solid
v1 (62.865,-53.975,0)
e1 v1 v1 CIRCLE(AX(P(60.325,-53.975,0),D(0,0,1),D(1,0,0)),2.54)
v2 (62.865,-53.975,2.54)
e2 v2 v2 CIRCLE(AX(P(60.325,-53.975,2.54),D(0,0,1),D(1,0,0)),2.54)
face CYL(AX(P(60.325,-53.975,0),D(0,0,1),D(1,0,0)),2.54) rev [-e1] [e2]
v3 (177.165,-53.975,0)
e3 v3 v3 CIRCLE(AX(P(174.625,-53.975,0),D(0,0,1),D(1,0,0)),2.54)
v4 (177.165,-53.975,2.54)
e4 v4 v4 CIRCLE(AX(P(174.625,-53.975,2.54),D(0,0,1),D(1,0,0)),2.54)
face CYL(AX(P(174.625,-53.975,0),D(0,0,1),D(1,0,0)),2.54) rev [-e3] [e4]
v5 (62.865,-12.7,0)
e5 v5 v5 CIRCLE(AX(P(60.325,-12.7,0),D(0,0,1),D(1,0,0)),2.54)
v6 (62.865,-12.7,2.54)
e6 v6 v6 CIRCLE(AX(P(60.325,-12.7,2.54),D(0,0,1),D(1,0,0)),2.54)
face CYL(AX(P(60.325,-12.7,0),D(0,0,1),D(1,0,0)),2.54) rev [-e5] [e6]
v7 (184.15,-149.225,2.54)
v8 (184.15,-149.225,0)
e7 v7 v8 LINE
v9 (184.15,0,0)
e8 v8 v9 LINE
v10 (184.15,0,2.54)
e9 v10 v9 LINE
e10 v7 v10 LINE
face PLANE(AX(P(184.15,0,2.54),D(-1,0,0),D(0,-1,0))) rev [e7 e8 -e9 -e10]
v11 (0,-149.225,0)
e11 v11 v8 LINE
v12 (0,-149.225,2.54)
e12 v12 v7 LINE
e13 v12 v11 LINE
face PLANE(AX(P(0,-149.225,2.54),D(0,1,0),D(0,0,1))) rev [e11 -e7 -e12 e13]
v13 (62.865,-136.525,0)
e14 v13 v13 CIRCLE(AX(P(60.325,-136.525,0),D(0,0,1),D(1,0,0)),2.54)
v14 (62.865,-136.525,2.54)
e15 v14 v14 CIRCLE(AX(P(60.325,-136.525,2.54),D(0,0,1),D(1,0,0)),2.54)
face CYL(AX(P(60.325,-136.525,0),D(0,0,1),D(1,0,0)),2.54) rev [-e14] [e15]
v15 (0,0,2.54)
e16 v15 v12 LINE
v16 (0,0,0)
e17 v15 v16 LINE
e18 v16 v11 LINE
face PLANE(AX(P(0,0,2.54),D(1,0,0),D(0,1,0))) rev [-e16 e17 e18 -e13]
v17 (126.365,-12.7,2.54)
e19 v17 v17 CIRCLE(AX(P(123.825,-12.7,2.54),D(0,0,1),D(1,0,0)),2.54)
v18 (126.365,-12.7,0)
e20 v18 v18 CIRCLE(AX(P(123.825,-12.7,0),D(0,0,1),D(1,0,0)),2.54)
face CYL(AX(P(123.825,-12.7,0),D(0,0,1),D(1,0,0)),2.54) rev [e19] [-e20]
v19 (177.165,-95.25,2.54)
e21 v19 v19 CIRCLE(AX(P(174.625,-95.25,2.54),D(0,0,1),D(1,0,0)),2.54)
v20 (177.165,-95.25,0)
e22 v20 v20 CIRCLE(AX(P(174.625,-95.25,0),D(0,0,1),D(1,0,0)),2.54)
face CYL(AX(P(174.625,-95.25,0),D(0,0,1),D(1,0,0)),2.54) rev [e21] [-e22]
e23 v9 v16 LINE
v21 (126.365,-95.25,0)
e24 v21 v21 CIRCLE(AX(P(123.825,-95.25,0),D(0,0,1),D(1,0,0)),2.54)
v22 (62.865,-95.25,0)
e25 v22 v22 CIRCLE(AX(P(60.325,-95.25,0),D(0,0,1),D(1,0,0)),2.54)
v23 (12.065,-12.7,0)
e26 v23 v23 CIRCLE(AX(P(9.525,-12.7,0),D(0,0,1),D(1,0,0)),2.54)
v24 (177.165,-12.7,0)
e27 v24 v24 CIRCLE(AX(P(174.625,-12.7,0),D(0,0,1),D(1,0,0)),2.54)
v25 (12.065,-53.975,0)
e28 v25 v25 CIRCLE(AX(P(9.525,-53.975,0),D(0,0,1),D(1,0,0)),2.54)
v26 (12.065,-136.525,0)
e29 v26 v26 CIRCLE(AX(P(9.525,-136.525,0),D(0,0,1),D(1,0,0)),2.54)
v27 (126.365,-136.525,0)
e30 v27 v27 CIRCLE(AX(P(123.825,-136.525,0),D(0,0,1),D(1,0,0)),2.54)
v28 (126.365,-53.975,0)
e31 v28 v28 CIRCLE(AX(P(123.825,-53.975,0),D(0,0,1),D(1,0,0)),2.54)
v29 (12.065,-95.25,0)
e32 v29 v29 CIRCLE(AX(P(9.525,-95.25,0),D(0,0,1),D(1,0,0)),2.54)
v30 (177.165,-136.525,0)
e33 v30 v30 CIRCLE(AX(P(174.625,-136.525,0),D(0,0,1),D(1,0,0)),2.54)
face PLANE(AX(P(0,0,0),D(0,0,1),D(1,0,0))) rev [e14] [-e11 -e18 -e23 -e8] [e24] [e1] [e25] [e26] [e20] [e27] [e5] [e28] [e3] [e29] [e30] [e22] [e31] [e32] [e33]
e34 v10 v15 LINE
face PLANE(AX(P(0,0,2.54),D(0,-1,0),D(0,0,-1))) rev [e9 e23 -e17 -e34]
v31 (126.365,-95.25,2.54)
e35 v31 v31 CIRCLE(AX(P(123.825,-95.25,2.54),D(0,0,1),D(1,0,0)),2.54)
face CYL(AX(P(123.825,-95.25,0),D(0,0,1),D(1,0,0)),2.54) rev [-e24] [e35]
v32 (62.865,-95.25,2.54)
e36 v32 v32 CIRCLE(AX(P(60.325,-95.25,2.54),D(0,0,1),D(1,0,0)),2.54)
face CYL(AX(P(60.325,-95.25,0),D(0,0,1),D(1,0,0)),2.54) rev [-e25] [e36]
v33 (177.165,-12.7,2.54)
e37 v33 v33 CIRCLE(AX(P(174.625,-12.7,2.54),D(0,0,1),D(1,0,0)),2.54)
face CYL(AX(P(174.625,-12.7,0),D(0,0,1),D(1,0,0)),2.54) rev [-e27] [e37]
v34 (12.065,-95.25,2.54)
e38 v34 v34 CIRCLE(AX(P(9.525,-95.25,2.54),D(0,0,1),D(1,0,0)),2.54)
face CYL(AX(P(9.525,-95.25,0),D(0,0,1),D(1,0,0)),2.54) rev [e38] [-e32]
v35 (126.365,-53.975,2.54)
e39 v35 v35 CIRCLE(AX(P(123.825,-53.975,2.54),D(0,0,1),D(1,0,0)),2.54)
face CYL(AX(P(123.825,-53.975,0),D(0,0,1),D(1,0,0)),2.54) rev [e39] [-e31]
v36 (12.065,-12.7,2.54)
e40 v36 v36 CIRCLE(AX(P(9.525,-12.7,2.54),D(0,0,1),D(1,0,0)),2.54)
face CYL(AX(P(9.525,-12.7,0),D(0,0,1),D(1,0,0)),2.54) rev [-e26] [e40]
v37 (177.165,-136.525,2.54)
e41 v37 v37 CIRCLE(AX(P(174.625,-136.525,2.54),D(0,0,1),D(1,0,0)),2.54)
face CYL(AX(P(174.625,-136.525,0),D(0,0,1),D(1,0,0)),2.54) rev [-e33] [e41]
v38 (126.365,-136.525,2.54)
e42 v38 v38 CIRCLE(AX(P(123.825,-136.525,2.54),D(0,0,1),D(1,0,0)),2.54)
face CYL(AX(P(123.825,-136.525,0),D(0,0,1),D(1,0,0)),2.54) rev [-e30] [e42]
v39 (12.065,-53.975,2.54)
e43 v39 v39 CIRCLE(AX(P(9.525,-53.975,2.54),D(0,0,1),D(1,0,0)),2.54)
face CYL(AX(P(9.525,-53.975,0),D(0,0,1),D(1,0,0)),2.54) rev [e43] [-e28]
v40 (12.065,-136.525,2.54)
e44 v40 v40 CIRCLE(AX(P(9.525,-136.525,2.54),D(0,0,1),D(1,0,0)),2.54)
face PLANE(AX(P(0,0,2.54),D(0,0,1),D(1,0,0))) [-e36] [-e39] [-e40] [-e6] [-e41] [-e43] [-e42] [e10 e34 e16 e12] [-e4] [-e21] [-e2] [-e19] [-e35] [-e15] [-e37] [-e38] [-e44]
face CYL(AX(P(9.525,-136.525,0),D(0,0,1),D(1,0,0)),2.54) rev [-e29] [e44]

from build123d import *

# Parameters (mm, degrees)
SKETCH1_W                 = 184.15
SKETCH1_H                 = 149.225
BOSS_EXTRUDE1_DEPTH       = 2.54
SKETCH2_R                 = 2.54
CUT_EXTRUDE1_DEPTH        = 2.54
LPATTERN1_COUNT           = 2
LPATTERN1_PITCH           = 50.8
LPATTERN2_COUNT           = 2
LPATTERN2_PITCH           = 41.275
LPATTERN2_COPY_1_SKETCH_R = 2.54
LPATTERN2_COPY_1_DEPTH    = 2.54
SKETCH3_R                 = 2.54
CUT_EXTRUDE2_DEPTH        = 2.54
LPATTERN3_COUNT           = 2
LPATTERN3_PITCH           = 50.8
LPATTERN4_COUNT           = 2
LPATTERN4_PITCH           = 41.275
LPATTERN4_COPY_1_SKETCH_R = 2.54
LPATTERN4_COPY_1_DEPTH    = 2.54
SKETCH5_R                 = 2.54
CUT_EXTRUDE4_DEPTH        = 2.54
LPATTERN7_COUNT           = 2
LPATTERN7_PITCH           = 41.275
LPATTERN8_COUNT           = 2
LPATTERN8_PITCH           = 50.8
LPATTERN8_COPY_1_SKETCH_R = 2.54
LPATTERN8_COPY_1_DEPTH    = 2.54
LPATTERN9_COUNT           = 2
LPATTERN9_PITCH           = 82.55
LPATTERN9_COPY_1_SKETCH_R = 2.54
LPATTERN9_COPY_1_DEPTH    = 2.54
LPATTERN9_COPY_2_SKETCH_R = 2.54
LPATTERN9_COPY_2_DEPTH    = 2.54
LPATTERN9_COPY_3_SKETCH_R = 2.54
LPATTERN9_COPY_3_DEPTH    = 2.54


with BuildPart() as part:
    # Sketch1 → Boss-Extrude1 (new body)
    with BuildSketch(Plane.XY):
        with Locations((92.075, -74.6125)):
            Rectangle(SKETCH1_W, SKETCH1_H)
    extrude(amount=BOSS_EXTRUDE1_DEPTH)

    # Sketch2 → Cut-Extrude1 (cut)
    with BuildSketch(Plane.XY.offset(2.54)):
        with Locations((9.525, -12.7)):
            Circle(SKETCH2_R)
    cut_extrude1 = extrude(amount=-CUT_EXTRUDE1_DEPTH, mode=Mode.SUBTRACT)

    # LPattern1: Cut-Extrude1 ×2
    with Locations(*[(i * LPATTERN1_PITCH, 0, 0) for i in range(1, LPATTERN1_COUNT)]):
        add(cut_extrude1, mode=Mode.SUBTRACT)

    # LPattern2: Cut-Extrude1 ×2
    with Locations(*[(0, -i * LPATTERN2_PITCH, 0) for i in range(1, LPATTERN2_COUNT)]):
        add(cut_extrude1, mode=Mode.SUBTRACT)

    # LPattern2 copy 1 sketch → LPattern2 copy 1 (cut)
    with BuildSketch(Plane(origin=(50.8, -41.275, 2.54), x_dir=(1, 0, 0), z_dir=(0, 0, 1))):
        with Locations((9.525, -12.7)):
            Circle(LPATTERN2_COPY_1_SKETCH_R)
    extrude(amount=-LPATTERN2_COPY_1_DEPTH, mode=Mode.SUBTRACT)

    # Sketch3 → Cut-Extrude2 (cut)
    with BuildSketch(Plane.XY.offset(2.54)):
        with Locations((123.825, -12.7)):
            Circle(SKETCH3_R)
    cut_extrude2 = extrude(amount=-CUT_EXTRUDE2_DEPTH, mode=Mode.SUBTRACT)

    # LPattern3: Cut-Extrude2 ×2
    with Locations(*[(i * LPATTERN3_PITCH, 0, 0) for i in range(1, LPATTERN3_COUNT)]):
        add(cut_extrude2, mode=Mode.SUBTRACT)

    # LPattern4: Cut-Extrude2 ×2
    with Locations(*[(0, -i * LPATTERN4_PITCH, 0) for i in range(1, LPATTERN4_COUNT)]):
        add(cut_extrude2, mode=Mode.SUBTRACT)

    # LPattern4 copy 1 sketch → LPattern4 copy 1 (cut)
    with BuildSketch(Plane(origin=(50.8, -41.275, 2.54), x_dir=(1, 0, 0), z_dir=(0, 0, 1))):
        with Locations((123.825, -12.7)):
            Circle(LPATTERN4_COPY_1_SKETCH_R)
    extrude(amount=-LPATTERN4_COPY_1_DEPTH, mode=Mode.SUBTRACT)

    # Sketch5 → Cut-Extrude4 (cut)
    with BuildSketch(Plane.XY.offset(2.54)):
        with Locations((9.525, -136.525)):
            Circle(SKETCH5_R)
    cut_extrude4 = extrude(amount=-CUT_EXTRUDE4_DEPTH, mode=Mode.SUBTRACT)

    # LPattern7: Cut-Extrude4 ×2
    with Locations(*[(0, i * LPATTERN7_PITCH, 0) for i in range(1, LPATTERN7_COUNT)]):
        add(cut_extrude4, mode=Mode.SUBTRACT)

    # LPattern8: Cut-Extrude4 ×2
    with Locations(*[(i * LPATTERN8_PITCH, 0, 0) for i in range(1, LPATTERN8_COUNT)]):
        add(cut_extrude4, mode=Mode.SUBTRACT)

    # LPattern8 copy 1 sketch → LPattern8 copy 1 (cut)
    with BuildSketch(Plane(origin=(50.8, 41.275, 2.54), x_dir=(1, 0, 0), z_dir=(0, 0, 1))):
        with Locations((9.525, -136.525)):
            Circle(LPATTERN8_COPY_1_SKETCH_R)
    extrude(amount=-LPATTERN8_COPY_1_DEPTH, mode=Mode.SUBTRACT)

    # LPattern9: Cut-Extrude2 ×2
    with Locations(*[(0, -i * LPATTERN9_PITCH, 0) for i in range(1, LPATTERN9_COUNT)]):
        add(cut_extrude2, mode=Mode.SUBTRACT)

    # LPattern9 copy 1 sketch → LPattern9 copy 1 (cut)
    with BuildSketch(Plane(origin=(50.8, -82.55, 2.54), x_dir=(1, 0, 0), z_dir=(0, 0, 1))):
        with Locations((123.825, -12.7)):
            Circle(LPATTERN9_COPY_1_SKETCH_R)
    extrude(amount=-LPATTERN9_COPY_1_DEPTH, mode=Mode.SUBTRACT)

    # LPattern9 copy 2 sketch → LPattern9 copy 2 (cut)
    with BuildSketch(Plane(origin=(0, -123.825, 2.54), x_dir=(1, 0, 0), z_dir=(0, 0, 1))):
        with Locations((123.825, -12.7)):
            Circle(LPATTERN9_COPY_2_SKETCH_R)
    extrude(amount=-LPATTERN9_COPY_2_DEPTH, mode=Mode.SUBTRACT)

    # LPattern9 copy 3 sketch → LPattern9 copy 3 (cut)
    with BuildSketch(Plane(origin=(50.8, -123.825, 2.54), x_dir=(1, 0, 0), z_dir=(0, 0, 1))):
        with Locations((123.825, -12.7)):
            Circle(LPATTERN9_COPY_3_SKETCH_R)
    extrude(amount=-LPATTERN9_COPY_3_DEPTH, mode=Mode.SUBTRACT)


solid = part.part
